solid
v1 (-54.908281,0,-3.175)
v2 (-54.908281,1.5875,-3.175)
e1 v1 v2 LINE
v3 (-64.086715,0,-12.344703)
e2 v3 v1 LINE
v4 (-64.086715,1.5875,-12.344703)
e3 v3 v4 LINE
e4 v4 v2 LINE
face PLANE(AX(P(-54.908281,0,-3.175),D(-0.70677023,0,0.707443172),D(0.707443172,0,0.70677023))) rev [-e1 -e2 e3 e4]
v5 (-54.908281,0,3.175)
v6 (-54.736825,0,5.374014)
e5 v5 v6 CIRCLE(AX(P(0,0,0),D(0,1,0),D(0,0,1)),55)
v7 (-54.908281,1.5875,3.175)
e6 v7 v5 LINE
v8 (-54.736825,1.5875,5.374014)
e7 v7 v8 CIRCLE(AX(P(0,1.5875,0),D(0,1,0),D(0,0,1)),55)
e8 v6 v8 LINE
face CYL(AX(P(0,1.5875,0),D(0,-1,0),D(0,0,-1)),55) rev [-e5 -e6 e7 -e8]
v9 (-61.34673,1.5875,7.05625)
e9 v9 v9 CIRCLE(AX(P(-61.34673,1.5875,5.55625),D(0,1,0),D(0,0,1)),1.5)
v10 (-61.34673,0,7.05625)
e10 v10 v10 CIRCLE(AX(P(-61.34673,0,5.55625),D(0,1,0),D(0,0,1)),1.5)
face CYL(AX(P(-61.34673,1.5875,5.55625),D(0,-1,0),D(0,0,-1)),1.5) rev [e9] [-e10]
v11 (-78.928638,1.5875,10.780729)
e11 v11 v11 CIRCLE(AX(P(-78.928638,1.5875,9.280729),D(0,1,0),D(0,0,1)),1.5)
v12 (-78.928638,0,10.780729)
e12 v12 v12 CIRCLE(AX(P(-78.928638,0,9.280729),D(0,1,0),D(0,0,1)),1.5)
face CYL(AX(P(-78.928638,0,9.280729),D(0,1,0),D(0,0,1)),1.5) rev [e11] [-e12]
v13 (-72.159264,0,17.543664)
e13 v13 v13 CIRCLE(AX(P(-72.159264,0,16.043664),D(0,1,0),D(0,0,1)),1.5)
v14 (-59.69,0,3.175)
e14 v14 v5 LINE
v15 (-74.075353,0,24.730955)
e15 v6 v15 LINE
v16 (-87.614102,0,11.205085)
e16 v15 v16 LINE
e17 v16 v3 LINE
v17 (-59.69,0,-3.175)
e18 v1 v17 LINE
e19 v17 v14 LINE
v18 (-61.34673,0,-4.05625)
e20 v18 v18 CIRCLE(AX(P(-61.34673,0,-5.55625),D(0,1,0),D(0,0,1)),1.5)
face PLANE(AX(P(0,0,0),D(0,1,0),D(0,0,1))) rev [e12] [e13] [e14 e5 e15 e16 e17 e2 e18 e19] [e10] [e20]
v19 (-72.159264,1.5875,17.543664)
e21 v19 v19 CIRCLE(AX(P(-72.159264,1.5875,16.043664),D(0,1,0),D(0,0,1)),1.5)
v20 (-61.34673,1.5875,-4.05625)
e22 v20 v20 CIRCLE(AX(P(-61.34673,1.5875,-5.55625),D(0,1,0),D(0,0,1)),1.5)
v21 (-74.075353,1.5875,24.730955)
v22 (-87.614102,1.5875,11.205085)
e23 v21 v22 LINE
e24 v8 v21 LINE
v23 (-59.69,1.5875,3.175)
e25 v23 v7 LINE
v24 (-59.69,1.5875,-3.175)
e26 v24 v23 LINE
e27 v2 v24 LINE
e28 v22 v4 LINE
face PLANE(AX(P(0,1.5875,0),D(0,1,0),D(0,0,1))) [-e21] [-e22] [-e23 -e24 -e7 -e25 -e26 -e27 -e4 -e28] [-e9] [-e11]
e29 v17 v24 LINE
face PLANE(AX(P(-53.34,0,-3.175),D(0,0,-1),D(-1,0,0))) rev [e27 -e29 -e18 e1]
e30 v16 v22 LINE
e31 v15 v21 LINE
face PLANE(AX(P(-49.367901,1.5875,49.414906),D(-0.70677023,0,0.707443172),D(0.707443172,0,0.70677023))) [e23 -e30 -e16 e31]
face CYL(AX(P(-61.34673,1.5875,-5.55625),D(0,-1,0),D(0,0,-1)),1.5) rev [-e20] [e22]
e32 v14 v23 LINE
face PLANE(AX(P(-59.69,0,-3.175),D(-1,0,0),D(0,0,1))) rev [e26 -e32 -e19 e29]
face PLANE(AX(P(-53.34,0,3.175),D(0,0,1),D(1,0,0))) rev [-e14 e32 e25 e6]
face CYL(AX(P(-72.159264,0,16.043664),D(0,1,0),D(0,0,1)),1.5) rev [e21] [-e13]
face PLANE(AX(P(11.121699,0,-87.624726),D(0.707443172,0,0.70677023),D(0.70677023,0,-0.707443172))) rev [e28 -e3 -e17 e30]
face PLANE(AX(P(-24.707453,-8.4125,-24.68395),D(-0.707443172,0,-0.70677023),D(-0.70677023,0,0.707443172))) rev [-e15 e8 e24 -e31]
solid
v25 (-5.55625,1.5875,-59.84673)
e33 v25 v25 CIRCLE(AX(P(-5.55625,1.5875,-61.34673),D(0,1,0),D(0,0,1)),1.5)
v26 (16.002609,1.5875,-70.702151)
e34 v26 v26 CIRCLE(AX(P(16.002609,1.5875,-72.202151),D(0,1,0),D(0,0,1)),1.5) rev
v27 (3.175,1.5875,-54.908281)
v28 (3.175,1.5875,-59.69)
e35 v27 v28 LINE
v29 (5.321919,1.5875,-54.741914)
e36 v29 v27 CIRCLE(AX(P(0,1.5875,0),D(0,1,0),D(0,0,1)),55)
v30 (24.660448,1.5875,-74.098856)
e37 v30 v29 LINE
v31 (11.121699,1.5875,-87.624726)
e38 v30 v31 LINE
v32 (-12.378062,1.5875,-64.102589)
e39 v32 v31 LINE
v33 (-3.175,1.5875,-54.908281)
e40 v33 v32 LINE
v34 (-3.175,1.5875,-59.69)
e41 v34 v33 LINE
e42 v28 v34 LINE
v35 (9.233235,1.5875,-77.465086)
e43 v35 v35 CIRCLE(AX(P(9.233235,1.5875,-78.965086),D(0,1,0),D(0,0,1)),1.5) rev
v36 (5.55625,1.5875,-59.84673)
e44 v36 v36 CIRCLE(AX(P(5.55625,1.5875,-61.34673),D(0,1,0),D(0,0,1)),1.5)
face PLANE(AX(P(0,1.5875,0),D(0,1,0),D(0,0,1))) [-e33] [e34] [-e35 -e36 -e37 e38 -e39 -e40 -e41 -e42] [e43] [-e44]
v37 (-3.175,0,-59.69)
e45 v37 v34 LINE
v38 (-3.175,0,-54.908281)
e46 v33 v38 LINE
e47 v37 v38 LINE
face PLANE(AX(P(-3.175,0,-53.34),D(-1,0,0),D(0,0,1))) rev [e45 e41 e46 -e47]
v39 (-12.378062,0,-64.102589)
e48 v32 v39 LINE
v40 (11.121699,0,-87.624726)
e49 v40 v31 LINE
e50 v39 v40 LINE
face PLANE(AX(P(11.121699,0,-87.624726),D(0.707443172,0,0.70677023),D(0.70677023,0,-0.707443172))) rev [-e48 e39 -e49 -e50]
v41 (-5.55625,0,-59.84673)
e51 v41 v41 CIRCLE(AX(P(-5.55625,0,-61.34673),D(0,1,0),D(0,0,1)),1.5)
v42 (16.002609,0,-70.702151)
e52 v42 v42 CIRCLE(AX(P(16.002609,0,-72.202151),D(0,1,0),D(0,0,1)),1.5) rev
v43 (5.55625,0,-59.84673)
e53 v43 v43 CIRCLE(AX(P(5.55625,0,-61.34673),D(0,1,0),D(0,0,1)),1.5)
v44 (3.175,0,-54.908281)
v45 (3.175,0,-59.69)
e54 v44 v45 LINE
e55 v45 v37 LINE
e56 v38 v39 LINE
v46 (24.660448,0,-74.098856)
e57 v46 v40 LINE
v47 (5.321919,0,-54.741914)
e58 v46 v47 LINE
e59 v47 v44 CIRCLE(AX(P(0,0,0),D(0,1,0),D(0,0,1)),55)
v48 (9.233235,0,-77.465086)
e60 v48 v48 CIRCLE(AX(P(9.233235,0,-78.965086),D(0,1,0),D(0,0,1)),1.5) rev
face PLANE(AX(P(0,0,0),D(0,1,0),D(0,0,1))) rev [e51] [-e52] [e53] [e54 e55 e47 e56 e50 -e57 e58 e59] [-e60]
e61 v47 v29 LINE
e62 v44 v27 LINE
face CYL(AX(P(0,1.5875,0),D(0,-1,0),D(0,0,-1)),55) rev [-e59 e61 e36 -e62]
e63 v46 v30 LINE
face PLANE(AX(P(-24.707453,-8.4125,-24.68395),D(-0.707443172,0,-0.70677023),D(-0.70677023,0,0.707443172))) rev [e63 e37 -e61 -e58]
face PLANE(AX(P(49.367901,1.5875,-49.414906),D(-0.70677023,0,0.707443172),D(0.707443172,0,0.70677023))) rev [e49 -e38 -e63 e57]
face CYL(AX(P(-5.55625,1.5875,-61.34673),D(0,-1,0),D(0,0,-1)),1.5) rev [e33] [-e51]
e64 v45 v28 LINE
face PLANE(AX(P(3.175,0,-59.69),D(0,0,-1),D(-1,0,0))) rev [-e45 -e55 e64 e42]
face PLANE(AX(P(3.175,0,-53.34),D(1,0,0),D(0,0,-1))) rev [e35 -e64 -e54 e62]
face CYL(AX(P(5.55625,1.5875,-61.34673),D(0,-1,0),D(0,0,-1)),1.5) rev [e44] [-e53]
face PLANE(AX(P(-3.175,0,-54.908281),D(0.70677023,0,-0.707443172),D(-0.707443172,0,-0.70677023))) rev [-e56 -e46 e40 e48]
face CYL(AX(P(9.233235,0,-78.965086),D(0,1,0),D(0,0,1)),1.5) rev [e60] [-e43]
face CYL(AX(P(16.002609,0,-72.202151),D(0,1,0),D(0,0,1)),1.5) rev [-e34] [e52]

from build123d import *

# Parameters (mm, degrees)
SKETCH1_R           = 1.5
SKETCH1_R_2         = 55
BOSS_EXTRUDE1_DEPTH = 1.5875
CUT_EXTRUDE3_DEPTH  = 140.70900378
CUT_EXTRUDE4_START  = -10
SKETCH3_R           = 1.5
CUT_EXTRUDE4_DEPTH  = 10
CUT_EXTRUDE5_DEPTH  = 140.70900378
CUT_EXTRUDE6_DEPTH  = 140.70900378
SKETCH6_R           = 1.5
CUT_EXTRUDE7_DEPTH  = 124.922732295


with BuildPart() as part:
    # Sketch1 → Boss-Extrude1 (new body)
    with BuildSketch(Plane(origin=(0, 0, 0), x_dir=(1, 0, 0), z_dir=(0, 1, 0))):
        Polygon((0.047005036, -98.782806148), (-98.782806148, -0.047005036), (-0.047005036, 98.782806148), (98.782806148, 0.047005036), align=None)
        with Locations(Location((-61.346730494, 5.55625, 0), (0, 0, 270))):
            Circle(SKETCH1_R, mode=Mode.SUBTRACT)
        with Locations(Location((-61.346730494, -5.55625, 0), (0, 0, 270))):
            Circle(SKETCH1_R, mode=Mode.SUBTRACT)
        with Locations(Location((-5.55625, -61.346730494, 0), (0, 0, 270))):
            Circle(SKETCH1_R, mode=Mode.SUBTRACT)
        with Locations(Location((5.55625, -61.346730494, 0), (0, 0, 270))):
            Circle(SKETCH1_R, mode=Mode.SUBTRACT)
        with Locations(Location((61.346730494, -5.55625, 0), (0, 0, 270))):
            Circle(SKETCH1_R, mode=Mode.SUBTRACT)
        with Locations(Location((61.346730494, 5.55625, 0), (0, 0, 270))):
            Circle(SKETCH1_R, mode=Mode.SUBTRACT)
        with Locations(Location((5.55625, 61.346730494, 0), (0, 0, 270))):
            Circle(SKETCH1_R, mode=Mode.SUBTRACT)
        with Locations(Location((-5.55625, 61.346730494, 0), (0, 0, 270))):
            Circle(SKETCH1_R, mode=Mode.SUBTRACT)
        with Locations(Location((0, 0, 0), (0, 0, 270))):
            Circle(SKETCH1_R_2, mode=Mode.SUBTRACT)
    extrude(amount=BOSS_EXTRUDE1_DEPTH)

    # Sketch2 → Cut-Extrude3 (cut, through all)
    with BuildSketch(Plane(origin=(0, 1.5875, 0), x_dir=(1, 0, 0), z_dir=(0, 1, 0))):
        Polygon((3.175, 53.34), (3.175, 59.69), (-3.175, 59.69), (-3.175, 53.34), (-3.175, 52.244537665), (3.175, 52.244537665), align=None)
        Polygon((53.34, -3.175), (59.69, -3.175), (59.69, 3.175), (53.34, 3.175), (52.244537665, 3.175), (52.244537665, -3.175), align=None)
        Polygon((-3.175, -53.34), (-3.175, -59.69), (3.175, -59.69), (3.175, -53.34), (3.175, -52.244537665), (-3.175, -52.244537665), align=None)
        Polygon((-53.34, 3.175), (-59.69, 3.175), (-59.69, -3.175), (-53.34, -3.175), (-52.244537665, -3.175), (-52.244537665, 3.175), align=None)
    extrude(amount=-CUT_EXTRUDE3_DEPTH, mode=Mode.SUBTRACT)

    # Sketch3 → Cut-Extrude4 (cut)
    # profile 1 of 3: a face of its own
    with BuildSketch(Plane(origin=(0, 1.5875, 0), x_dir=(1, 0, 0), z_dir=(0, 1, 0)).offset(CUT_EXTRUDE4_START)):
        with BuildLine():
            Line((38.872362643, 38.909374482), (49.367900556, 49.414905592))
            Line((49.367900556, 49.414905592), (24.66044776, 74.09885587))
            Line((24.66044776, 74.09885587), (5.321919094, 54.741914263))
            ThreePointArc((5.321919094, 54.741914263), (23.472344653, 49.739813394), (38.872362643, 38.909374482))
        make_face()
    # profile 2 of 3: a face of its own
    with BuildSketch(Plane(origin=(0, 1.5875, 0), x_dir=(1, 0, 0), z_dir=(0, 1, 0)).offset(CUT_EXTRUDE4_START)):
        with BuildLine():
            Line((-49.367900556, -49.414905592), (-38.872362643, -38.909374482))
            ThreePointArc((-38.872362643, -38.909374482), (-49.717452606, -23.519670626), (-54.736824686, -5.374013707))
            Line((-54.736824686, -5.374013707), (-74.075353352, -24.730955314))
            Line((-74.075353352, -24.730955314), (-49.367900556, -49.414905592))
        make_face()
    # profile 3 of 3: a face of its own
    with BuildSketch(Plane(origin=(0, 1.5875, 0), x_dir=(1, 0, 0), z_dir=(0, 1, 0)).offset(CUT_EXTRUDE4_START)):
        with BuildLine():
            Line((98.782806148, 0.047005036), (49.367900556, 49.414905592))
            Line((49.367900556, 49.414905592), (38.872362643, 38.909374482))
            ThreePointArc((38.872362643, 38.909374482), (50.179066182, 22.518022052), (54.908281479, 3.175))
            Line((54.908281479, 3.175), (59.69, 3.175))
            Line((59.69, 3.175), (59.69, -3.175))
            Line((59.69, -3.175), (54.908281479, -3.175))
            ThreePointArc((54.908281479, -3.175), (38.890872965, -38.890872965), (3.175, -54.908281479))
            Line((3.175, -54.908281479), (3.175, -59.69))
            Line((3.175, -59.69), (-3.175, -59.69))
            Line((-3.175, -59.69), (-3.175, -54.908281479))
            ThreePointArc((-3.175, -54.908281479), (-22.494142184, -50.189775527), (-38.872362643, -38.909374482))
            Line((-38.872362643, -38.909374482), (-49.367900556, -49.414905592))
            Line((-49.367900556, -49.414905592), (0.047005036, -98.782806148))
            Line((0.047005036, -98.782806148), (98.782806148, 0.047005036))
        make_face()
        with Locations((-5.55625, -61.346730494)):
            Circle(SKETCH3_R, mode=Mode.SUBTRACT)
        with Locations((5.55625, -61.346730494)):
            Circle(SKETCH3_R, mode=Mode.SUBTRACT)
        with Locations((61.346730494, -5.55625)):
            Circle(SKETCH3_R, mode=Mode.SUBTRACT)
        with Locations((61.346730494, 5.55625)):
            Circle(SKETCH3_R, mode=Mode.SUBTRACT)
    extrude(amount=CUT_EXTRUDE4_DEPTH, mode=Mode.SUBTRACT)

    # Sketch4 → Cut-Extrude5 (cut, through all)
    with BuildSketch(Plane(origin=(0, 1.5875, 0), x_dir=(1, 0, 0), z_dir=(0, 1, 0))):
        Polygon((-54.908281479, 3.175), (-75.255419375, 23.502783048), (-23.546766486, 75.260669691), (-3.175, 54.908281479), align=None)
    extrude(amount=-CUT_EXTRUDE5_DEPTH, mode=Mode.SUBTRACT)


with BuildPart() as cut_extrude5_piece_1:
    # of the separate pieces the step leaves, piece 1, a body of its own (cut_extrude5_pieces)
    add(part.part.solids().sort_by_distance((-74.075353352, 0, 24.730955314))[0])


with BuildPart() as cut_extrude5_piece_2:
    # of the separate pieces the step leaves, piece 2, a body of its own (cut_extrude5_pieces)
    add(part.part.solids().sort_by_distance((-3.175, 0, -54.908281479))[0])


with BuildPart() as cut_extrude6_tool:
    # Sketch5 → Cut-Extrude6 (new, through all)
    with BuildSketch(Plane(origin=(0, 1.5875, 0), x_dir=(1, 0, 0), z_dir=(0, 1, 0))):
        Polygon((-0.047005036, 98.782806148), (11.121699276, 87.624725864), (-87.614101836, -11.205085321), (-98.782806148, -0.047005036), align=None)
    extrude(amount=-CUT_EXTRUDE6_DEPTH)


with BuildPart() as cut_extrude5_piece_1_1:
    add(cut_extrude5_piece_1.part)

    # Cut-Extrude6: cut by cut_extrude6_tool
    add(cut_extrude6_tool.part, mode=Mode.SUBTRACT)


with BuildPart() as cut_extrude5_piece_2_1:
    add(cut_extrude5_piece_2.part)

    # Cut-Extrude6: cut by cut_extrude6_tool
    add(cut_extrude6_tool.part, mode=Mode.SUBTRACT)


with BuildPart() as cut_extrude7_tool:
    # Sketch6 → Cut-Extrude7 (new, through all)
    with BuildSketch(Plane(origin=(0, 1.5875, 0), x_dir=(1, 0, 0), z_dir=(0, 1, 0))):
        with BuildLine():
            ThreePointArc((-73.220428508, -14.983508678), (-73.219419094, -17.104828781), (-71.09809899, -17.103819368))
            Line((-71.09809899, -17.103819368), (-73.220428508, -14.983508678))
        make_face()
        with BuildLine():
            Line((-73.220428508, -14.983508678), (-71.09809899, -17.103819368))
            ThreePointArc((-71.09809899, -17.103819368), (-70.773307917, -16.617359439), (-70.659263749, -16.043664023))
            ThreePointArc((-70.659263749, -16.043664023), (-71.585568332, -14.657708191), (-73.220428508, -14.983508678))
        make_face()
        with BuildLine():
            ThreePointArc((-79.989802749, -8.220573681), (-79.988793336, -10.341893785), (-77.867473232, -10.340884371))
            Line((-77.867473232, -10.340884371), (-79.989802749, -8.220573681))
        make_face()
        with BuildLine():
            Line((-79.989802749, -8.220573681), (-77.867473232, -10.340884371))
            ThreePointArc((-77.867473232, -10.340884371), (-77.542682159, -9.854424443), (-77.428637991, -9.280729026))
            ThreePointArc((-77.428637991, -9.280729026), (-78.354942574, -7.894773194), (-79.989802749, -8.220573681))
        make_face()
        with Locations(Location((16.002609239, 72.202151202, 0), (0, 0, 270))):
            Circle(SKETCH6_R)
        with Locations(Location((9.233234997, 78.965086199, 0), (0, 0, 270))):
            Circle(SKETCH6_R)
    extrude(amount=-CUT_EXTRUDE7_DEPTH)


with BuildPart() as cut_extrude5_piece_1_2:
    add(cut_extrude5_piece_1_1.part)

    # Cut-Extrude7: cut by cut_extrude7_tool
    add(cut_extrude7_tool.part, mode=Mode.SUBTRACT)


with BuildPart() as cut_extrude5_piece_2_2:
    add(cut_extrude5_piece_2_1.part)

    # Cut-Extrude7: cut by cut_extrude7_tool
    add(cut_extrude7_tool.part, mode=Mode.SUBTRACT)


solid = Compound([cut_extrude5_piece_1_2.part, cut_extrude5_piece_2_2.part])
